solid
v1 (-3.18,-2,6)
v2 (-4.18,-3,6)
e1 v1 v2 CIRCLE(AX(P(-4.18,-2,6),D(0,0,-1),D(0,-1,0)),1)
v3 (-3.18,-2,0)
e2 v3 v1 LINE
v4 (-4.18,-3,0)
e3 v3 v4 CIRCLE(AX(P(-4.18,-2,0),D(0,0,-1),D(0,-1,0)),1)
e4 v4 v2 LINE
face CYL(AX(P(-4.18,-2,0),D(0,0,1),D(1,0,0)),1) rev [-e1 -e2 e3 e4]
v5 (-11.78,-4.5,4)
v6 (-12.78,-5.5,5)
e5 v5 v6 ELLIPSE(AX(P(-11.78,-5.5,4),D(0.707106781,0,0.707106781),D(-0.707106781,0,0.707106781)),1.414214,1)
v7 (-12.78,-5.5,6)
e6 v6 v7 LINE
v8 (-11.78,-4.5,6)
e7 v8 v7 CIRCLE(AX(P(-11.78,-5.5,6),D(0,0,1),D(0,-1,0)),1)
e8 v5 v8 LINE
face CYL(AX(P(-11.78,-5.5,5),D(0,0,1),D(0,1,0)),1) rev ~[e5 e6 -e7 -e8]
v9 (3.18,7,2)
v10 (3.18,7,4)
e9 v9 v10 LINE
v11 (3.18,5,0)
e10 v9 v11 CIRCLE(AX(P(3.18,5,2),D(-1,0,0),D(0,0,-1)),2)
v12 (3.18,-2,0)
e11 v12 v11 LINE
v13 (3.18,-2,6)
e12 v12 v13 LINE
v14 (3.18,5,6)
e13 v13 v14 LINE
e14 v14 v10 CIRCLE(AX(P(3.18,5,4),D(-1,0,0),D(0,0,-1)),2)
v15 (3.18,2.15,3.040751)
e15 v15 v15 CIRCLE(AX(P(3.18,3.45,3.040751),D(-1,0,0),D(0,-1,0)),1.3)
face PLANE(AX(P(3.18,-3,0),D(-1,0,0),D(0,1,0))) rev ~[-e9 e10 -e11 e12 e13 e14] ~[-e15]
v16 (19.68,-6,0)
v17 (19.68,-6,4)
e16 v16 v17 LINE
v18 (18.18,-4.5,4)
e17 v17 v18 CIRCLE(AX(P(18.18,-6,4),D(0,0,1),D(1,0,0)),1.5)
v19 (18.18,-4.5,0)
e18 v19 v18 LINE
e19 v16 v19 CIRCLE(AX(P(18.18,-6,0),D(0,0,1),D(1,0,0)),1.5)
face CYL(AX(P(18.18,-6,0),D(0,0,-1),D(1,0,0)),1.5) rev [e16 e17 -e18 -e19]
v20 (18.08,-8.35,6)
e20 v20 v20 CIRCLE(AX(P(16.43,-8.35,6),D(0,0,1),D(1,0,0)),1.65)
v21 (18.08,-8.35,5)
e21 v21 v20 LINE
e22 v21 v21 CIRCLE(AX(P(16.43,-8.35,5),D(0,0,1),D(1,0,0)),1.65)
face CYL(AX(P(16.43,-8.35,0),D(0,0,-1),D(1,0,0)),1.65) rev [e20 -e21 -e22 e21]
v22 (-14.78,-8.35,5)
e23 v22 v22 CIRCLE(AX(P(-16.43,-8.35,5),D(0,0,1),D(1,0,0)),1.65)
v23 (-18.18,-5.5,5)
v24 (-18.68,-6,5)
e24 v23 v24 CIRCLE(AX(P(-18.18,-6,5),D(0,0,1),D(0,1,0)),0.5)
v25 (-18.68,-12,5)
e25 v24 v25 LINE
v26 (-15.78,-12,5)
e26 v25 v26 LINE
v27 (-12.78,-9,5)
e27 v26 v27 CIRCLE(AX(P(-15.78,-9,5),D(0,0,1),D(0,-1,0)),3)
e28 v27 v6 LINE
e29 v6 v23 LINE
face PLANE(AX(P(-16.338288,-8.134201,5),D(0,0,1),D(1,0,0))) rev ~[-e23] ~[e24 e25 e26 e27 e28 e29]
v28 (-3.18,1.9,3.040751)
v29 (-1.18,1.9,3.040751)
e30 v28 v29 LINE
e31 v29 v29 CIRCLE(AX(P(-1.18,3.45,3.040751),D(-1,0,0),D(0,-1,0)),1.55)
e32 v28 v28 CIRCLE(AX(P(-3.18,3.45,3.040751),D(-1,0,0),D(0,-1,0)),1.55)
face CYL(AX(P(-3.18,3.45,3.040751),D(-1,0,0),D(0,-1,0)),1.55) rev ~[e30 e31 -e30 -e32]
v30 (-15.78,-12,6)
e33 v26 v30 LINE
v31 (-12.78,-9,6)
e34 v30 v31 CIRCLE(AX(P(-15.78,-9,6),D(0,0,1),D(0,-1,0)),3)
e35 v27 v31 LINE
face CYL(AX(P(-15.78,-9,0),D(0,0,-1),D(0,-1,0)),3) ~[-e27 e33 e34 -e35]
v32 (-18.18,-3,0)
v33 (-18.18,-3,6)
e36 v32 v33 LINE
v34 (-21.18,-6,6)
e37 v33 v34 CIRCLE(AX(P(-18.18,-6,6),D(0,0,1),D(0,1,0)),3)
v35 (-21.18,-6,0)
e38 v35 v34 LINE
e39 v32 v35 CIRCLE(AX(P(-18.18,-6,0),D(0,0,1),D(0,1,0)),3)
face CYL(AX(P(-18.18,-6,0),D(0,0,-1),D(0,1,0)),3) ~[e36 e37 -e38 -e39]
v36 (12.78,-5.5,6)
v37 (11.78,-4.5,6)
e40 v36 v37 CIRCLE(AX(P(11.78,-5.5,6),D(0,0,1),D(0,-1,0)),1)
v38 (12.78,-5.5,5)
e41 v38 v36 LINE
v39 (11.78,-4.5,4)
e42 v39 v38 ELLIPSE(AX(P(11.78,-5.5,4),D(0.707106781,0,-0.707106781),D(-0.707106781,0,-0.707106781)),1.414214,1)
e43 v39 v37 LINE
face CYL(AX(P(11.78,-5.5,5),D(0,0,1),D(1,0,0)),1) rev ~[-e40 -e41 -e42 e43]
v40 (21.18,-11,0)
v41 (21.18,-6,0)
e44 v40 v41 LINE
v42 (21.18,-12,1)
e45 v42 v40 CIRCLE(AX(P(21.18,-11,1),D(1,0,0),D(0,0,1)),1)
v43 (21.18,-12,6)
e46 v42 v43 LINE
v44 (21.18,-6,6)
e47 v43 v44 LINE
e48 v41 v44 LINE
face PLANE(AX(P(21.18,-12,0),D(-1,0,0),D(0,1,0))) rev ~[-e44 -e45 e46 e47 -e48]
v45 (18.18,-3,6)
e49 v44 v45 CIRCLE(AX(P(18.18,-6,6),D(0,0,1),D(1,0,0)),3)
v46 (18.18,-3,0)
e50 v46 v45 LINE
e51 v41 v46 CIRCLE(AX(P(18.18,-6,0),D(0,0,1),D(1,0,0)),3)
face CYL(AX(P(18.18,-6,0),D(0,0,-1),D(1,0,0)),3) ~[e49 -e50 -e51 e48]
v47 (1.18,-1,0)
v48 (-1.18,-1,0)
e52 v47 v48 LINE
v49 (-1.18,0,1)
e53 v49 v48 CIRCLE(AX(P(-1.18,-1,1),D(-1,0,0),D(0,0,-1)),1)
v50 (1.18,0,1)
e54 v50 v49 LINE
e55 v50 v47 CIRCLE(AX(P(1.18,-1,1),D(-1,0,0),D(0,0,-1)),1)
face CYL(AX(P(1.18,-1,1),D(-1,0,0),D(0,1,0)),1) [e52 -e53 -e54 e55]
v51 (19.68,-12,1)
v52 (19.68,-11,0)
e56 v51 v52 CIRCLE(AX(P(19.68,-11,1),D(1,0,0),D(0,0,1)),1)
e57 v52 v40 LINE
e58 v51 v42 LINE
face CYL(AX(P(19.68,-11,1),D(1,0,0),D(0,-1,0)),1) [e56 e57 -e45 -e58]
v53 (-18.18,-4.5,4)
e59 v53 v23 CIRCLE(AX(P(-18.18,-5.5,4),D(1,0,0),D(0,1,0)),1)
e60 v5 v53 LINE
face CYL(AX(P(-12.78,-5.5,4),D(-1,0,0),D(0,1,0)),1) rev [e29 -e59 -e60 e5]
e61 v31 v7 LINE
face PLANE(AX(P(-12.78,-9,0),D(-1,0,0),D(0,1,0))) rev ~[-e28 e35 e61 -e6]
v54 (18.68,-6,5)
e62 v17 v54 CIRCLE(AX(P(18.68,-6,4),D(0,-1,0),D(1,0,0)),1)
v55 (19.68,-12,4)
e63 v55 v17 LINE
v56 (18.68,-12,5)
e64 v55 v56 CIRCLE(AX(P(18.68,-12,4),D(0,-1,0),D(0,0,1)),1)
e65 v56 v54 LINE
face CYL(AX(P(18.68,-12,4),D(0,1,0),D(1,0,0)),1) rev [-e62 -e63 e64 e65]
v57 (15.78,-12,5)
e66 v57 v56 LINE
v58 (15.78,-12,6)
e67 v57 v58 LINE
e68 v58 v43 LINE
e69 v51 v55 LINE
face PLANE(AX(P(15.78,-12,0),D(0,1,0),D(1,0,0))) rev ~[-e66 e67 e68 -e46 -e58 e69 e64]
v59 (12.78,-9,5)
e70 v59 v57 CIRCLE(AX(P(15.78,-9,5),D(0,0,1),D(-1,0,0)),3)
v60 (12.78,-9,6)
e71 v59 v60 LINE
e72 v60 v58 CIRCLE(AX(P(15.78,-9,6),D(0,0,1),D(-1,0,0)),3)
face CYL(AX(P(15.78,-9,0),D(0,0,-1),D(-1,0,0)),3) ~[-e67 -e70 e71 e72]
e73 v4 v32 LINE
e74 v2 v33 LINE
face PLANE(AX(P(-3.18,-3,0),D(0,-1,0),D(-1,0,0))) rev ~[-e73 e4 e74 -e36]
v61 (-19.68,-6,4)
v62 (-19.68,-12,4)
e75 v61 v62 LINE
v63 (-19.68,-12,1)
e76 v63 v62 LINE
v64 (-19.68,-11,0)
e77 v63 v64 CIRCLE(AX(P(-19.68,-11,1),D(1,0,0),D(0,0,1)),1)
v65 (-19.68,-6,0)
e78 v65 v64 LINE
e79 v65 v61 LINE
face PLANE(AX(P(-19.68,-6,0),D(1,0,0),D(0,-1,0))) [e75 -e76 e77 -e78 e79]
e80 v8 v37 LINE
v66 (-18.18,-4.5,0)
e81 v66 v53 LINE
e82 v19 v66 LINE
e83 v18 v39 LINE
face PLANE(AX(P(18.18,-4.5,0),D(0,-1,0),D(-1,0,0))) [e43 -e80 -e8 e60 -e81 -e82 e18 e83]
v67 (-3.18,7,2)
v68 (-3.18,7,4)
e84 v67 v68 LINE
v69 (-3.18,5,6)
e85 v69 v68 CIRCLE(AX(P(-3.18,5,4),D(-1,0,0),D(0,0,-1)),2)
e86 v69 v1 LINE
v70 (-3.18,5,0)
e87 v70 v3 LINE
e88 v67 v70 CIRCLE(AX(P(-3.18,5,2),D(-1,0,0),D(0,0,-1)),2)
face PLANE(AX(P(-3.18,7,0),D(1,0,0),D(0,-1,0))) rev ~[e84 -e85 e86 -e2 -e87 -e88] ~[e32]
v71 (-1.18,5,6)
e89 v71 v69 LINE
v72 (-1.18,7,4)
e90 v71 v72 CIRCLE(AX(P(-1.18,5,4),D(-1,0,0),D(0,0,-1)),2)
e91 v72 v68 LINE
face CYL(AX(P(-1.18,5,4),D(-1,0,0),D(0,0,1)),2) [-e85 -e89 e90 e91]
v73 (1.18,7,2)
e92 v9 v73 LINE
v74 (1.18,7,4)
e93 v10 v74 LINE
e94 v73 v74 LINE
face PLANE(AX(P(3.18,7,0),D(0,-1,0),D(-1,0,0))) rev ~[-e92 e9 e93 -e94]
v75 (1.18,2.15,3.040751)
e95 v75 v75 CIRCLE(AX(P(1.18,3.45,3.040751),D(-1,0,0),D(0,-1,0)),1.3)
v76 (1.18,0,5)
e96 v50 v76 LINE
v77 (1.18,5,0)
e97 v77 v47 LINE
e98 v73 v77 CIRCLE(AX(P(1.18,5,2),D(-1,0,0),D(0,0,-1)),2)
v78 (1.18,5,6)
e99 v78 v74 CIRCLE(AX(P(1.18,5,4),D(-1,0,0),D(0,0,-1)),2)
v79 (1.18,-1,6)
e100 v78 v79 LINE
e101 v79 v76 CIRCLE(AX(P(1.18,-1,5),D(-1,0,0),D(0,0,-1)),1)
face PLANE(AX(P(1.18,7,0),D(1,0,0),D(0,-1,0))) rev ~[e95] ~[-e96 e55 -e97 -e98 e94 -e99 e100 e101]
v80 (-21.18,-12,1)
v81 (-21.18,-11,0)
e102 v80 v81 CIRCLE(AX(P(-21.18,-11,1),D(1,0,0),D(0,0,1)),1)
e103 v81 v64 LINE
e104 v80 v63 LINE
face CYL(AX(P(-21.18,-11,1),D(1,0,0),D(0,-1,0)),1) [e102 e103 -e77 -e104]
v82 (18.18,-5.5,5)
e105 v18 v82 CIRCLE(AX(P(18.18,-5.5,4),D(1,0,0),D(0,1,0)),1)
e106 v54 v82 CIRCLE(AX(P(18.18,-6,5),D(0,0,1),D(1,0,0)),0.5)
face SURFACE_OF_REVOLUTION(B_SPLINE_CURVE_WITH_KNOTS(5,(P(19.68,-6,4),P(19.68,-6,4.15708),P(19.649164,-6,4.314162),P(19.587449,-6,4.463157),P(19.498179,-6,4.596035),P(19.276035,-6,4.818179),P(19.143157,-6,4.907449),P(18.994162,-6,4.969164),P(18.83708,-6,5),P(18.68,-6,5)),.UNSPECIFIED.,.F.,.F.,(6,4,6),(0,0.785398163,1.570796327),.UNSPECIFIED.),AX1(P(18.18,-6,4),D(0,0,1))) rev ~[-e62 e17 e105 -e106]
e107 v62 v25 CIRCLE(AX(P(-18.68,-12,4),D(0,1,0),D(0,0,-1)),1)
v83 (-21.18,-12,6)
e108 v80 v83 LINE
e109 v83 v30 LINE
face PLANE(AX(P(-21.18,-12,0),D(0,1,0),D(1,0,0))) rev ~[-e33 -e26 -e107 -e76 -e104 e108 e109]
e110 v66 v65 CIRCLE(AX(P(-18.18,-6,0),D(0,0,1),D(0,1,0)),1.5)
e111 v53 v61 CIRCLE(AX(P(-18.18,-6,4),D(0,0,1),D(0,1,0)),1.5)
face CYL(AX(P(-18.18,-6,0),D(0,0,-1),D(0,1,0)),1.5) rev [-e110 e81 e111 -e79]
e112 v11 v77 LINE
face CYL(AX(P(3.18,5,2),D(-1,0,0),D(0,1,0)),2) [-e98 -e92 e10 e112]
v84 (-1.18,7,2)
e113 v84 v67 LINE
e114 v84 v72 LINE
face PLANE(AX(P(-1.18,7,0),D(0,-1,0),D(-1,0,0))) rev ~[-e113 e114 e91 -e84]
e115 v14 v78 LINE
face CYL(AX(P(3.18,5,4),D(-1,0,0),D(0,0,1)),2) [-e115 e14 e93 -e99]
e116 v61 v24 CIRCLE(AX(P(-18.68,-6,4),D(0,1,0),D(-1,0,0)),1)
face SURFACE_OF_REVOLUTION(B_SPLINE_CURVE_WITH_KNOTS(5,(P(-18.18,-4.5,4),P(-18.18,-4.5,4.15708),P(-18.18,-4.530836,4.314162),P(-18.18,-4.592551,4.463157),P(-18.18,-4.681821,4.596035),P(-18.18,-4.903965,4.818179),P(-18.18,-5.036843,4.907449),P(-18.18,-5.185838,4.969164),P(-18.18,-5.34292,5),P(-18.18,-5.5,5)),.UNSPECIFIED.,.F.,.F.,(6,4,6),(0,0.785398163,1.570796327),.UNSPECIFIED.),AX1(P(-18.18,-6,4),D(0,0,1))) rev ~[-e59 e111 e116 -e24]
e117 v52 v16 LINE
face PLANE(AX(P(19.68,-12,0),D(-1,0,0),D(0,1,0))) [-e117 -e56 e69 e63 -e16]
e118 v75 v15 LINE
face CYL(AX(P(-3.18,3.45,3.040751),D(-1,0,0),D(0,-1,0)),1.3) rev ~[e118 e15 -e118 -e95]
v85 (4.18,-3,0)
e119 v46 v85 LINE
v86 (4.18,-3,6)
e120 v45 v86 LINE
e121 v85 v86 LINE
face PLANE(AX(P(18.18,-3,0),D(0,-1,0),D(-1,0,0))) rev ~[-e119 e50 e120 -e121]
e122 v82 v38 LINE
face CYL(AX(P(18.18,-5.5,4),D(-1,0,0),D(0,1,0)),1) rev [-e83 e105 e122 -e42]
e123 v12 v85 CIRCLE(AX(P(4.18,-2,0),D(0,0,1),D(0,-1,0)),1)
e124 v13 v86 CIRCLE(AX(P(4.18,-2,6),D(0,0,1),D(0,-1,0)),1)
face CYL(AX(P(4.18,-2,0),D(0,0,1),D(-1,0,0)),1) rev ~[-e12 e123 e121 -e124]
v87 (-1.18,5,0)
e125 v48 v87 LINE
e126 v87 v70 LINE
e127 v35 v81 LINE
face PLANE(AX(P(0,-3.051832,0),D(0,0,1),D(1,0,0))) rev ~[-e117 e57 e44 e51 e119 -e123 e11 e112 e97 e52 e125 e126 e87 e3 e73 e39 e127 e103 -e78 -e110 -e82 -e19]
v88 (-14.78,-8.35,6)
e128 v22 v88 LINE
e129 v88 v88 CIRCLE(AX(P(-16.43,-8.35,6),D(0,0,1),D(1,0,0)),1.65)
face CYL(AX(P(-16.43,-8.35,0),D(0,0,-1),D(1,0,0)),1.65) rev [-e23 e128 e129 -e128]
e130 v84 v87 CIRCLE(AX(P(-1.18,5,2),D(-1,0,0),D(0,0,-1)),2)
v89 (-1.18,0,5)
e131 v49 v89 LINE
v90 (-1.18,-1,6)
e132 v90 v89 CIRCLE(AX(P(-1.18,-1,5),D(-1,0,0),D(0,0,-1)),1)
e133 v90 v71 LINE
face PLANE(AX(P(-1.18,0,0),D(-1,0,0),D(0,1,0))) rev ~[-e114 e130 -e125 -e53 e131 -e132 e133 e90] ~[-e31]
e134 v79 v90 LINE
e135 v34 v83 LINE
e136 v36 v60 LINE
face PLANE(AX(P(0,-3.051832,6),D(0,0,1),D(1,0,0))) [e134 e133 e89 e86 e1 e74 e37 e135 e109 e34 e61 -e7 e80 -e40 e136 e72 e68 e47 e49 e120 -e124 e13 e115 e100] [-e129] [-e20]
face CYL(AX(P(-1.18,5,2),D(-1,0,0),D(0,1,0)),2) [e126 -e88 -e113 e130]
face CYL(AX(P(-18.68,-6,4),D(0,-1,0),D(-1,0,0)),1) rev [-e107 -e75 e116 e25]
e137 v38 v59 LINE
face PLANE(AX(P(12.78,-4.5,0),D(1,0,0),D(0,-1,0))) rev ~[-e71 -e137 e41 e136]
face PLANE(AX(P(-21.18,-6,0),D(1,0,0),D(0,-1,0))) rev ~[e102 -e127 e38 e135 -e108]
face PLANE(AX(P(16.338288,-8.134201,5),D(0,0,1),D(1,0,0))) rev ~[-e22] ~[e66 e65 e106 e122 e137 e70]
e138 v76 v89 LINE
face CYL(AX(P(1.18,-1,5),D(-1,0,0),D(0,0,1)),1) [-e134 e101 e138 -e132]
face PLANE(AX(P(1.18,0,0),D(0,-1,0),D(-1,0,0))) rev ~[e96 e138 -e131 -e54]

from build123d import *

# Parameters (mm, degrees)
F0_R     = 1.65
F1_DEPTH = 6
F2_DEPTH = 5
F4_R     = 2
F3_R     = 1.3
F5_DEPTH = 7
F3_R_2   = 1.55
F6_DEPTH = 3
F7_R     = 1


with BuildPart() as f1:
    # F0 (on Top) → F1 (new body)
    with BuildSketch(Plane.XY):
        with BuildLine():
            Line((1.18, 0), (0, 0))
            Line((0, 0), (-1.18, 0))
            Line((-1.18, 0), (-1.18, 7))
            Line((-1.18, 7), (-3.18, 7))
            Line((-3.18, 7), (-3.18, 0))
            Line((-3.18, 0), (-3.18, -3))
            Line((-3.18, -3), (-18.18, -3))
            ThreePointArc((-18.18, -3), (-20.3013203436, -3.8786796564), (-21.18, -6))
            Line((-21.18, -6), (-21.18, -12))
            Line((-21.18, -12), (-19.68, -12))
            Line((-19.68, -12), (-19.68, -6))
            ThreePointArc((-19.68, -6), (-19.2406601718, -4.9393398282), (-18.18, -4.5))
            Line((-18.18, -4.5), (-12.78, -4.5))
            Line((-12.78, -4.5), (0, -4.5))
            Line((0, -4.5), (12.78, -4.5))
            Line((12.78, -4.5), (18.18, -4.5))
            ThreePointArc((18.18, -4.5), (19.2406601718, -4.9393398282), (19.68, -6))
            Line((19.68, -6), (19.68, -12))
            Line((19.68, -12), (21.18, -12))
            Line((21.18, -12), (21.18, -6))
            ThreePointArc((21.18, -6), (20.3013203436, -3.8786796564), (18.18, -3))
            Line((18.18, -3), (3.18, -3))
            Line((3.18, -3), (3.18, 0))
            Line((3.18, 0), (3.18, 7))
            Line((3.18, 7), (1.18, 7))
            Line((1.18, 7), (1.18, 0))
        make_face()
        with BuildLine():
            Line((15.78, -12), (19.68, -12))
            Line((19.68, -12), (19.68, -6))
            ThreePointArc((19.68, -6), (19.2406601718, -4.9393398282), (18.18, -4.5))
            Line((18.18, -4.5), (12.78, -4.5))
            Line((12.78, -4.5), (12.78, -9))
            ThreePointArc((12.78, -9), (13.6586796564, -11.1213203436), (15.78, -12))
        make_face()
        with Locations((16.43, -8.35)):
            Circle(F0_R, mode=Mode.SUBTRACT)
        with BuildLine():
            Line((-19.68, -6), (-19.68, -12))
            Line((-19.68, -12), (-15.78, -12))
            ThreePointArc((-15.78, -12), (-13.6586796564, -11.1213203436), (-12.78, -9))
            Line((-12.78, -9), (-12.78, -4.5))
            Line((-12.78, -4.5), (-18.18, -4.5))
            ThreePointArc((-18.18, -4.5), (-19.2406601718, -4.9393398282), (-19.68, -6))
        make_face()
        with Locations((-16.43, -8.35)):
            Circle(F0_R, mode=Mode.SUBTRACT)
    extrude(amount=F1_DEPTH)

    # F0 (on Top) → F2 (cut)
    with BuildSketch(Plane.XY):
        with BuildLine():
            Line((-19.68, -6), (-19.68, -12))
            Line((-19.68, -12), (-15.78, -12))
            ThreePointArc((-15.78, -12), (-13.6586796564, -11.1213203436), (-12.78, -9))
            Line((-12.78, -9), (-12.78, -4.5))
            Line((-12.78, -4.5), (-18.18, -4.5))
            ThreePointArc((-18.18, -4.5), (-19.2406601718, -4.9393398282), (-19.68, -6))
        make_face()
        with Locations((-16.43, -8.35)):
            Circle(F0_R, mode=Mode.SUBTRACT)
        with BuildLine():
            Line((15.78, -12), (19.68, -12))
            Line((19.68, -12), (19.68, -6))
            ThreePointArc((19.68, -6), (19.2406601718, -4.9393398282), (18.18, -4.5))
            Line((18.18, -4.5), (12.78, -4.5))
            Line((12.78, -4.5), (12.78, -9))
            ThreePointArc((12.78, -9), (13.6586796564, -11.1213203436), (15.78, -12))
        make_face()
        with Locations((16.43, -8.35)):
            Circle(F0_R, mode=Mode.SUBTRACT)
    extrude(amount=F2_DEPTH, mode=Mode.SUBTRACT)

    # F4
    f4_edges = [f1.edges().sort_by_distance(p)[0] for p in [
        (-2.18, 7, 6),
        (2.18, 7, 6),
        (2.18, 7, 0),
        (-2.18, 7, 0),
    ]]
    fillet(f4_edges, radius=F4_R)

    # F3 (on face) → F5 (cut)
    with BuildSketch(Plane(origin=(-3.18, 0, 0), x_dir=(0, -1, 0), z_dir=(-1, 0, 0))):
        with Locations((-3.45, 3.0407507438)):
            Circle(F3_R)
    extrude(amount=-F5_DEPTH, mode=Mode.SUBTRACT)

    # F3 (on face) → F6 (cut)
    with BuildSketch(Plane(origin=(-3.18, 0, 0), x_dir=(0, -1, 0), z_dir=(-1, 0, 0))):
        with Locations((-3.45, 3.0407507438)):
            Circle(F3_R_2)
        with Locations((-3.45, 3.0407507438)):
            Circle(F3_R, mode=Mode.SUBTRACT)
    extrude(amount=-F6_DEPTH, mode=Mode.SUBTRACT)

    # F7
    f7_edges = [f1.edges().sort_by_distance(p)[0] for p in [
        (-19.68, -9, 5),
        (15.48, -4.5, 5),
        (12.78, -4.5, 5.5),
        (-12.78, -4.5, 5.5),
        (-20.43, -12, 0),
        (20.43, -12, 0),
        (3.18, -3, 3),
        (-3.18, -3, 3),
        (0, 0, 6),
        (0, 0, 0),
    ]]
    fillet(f7_edges, radius=F7_R)


solid = f1.part
